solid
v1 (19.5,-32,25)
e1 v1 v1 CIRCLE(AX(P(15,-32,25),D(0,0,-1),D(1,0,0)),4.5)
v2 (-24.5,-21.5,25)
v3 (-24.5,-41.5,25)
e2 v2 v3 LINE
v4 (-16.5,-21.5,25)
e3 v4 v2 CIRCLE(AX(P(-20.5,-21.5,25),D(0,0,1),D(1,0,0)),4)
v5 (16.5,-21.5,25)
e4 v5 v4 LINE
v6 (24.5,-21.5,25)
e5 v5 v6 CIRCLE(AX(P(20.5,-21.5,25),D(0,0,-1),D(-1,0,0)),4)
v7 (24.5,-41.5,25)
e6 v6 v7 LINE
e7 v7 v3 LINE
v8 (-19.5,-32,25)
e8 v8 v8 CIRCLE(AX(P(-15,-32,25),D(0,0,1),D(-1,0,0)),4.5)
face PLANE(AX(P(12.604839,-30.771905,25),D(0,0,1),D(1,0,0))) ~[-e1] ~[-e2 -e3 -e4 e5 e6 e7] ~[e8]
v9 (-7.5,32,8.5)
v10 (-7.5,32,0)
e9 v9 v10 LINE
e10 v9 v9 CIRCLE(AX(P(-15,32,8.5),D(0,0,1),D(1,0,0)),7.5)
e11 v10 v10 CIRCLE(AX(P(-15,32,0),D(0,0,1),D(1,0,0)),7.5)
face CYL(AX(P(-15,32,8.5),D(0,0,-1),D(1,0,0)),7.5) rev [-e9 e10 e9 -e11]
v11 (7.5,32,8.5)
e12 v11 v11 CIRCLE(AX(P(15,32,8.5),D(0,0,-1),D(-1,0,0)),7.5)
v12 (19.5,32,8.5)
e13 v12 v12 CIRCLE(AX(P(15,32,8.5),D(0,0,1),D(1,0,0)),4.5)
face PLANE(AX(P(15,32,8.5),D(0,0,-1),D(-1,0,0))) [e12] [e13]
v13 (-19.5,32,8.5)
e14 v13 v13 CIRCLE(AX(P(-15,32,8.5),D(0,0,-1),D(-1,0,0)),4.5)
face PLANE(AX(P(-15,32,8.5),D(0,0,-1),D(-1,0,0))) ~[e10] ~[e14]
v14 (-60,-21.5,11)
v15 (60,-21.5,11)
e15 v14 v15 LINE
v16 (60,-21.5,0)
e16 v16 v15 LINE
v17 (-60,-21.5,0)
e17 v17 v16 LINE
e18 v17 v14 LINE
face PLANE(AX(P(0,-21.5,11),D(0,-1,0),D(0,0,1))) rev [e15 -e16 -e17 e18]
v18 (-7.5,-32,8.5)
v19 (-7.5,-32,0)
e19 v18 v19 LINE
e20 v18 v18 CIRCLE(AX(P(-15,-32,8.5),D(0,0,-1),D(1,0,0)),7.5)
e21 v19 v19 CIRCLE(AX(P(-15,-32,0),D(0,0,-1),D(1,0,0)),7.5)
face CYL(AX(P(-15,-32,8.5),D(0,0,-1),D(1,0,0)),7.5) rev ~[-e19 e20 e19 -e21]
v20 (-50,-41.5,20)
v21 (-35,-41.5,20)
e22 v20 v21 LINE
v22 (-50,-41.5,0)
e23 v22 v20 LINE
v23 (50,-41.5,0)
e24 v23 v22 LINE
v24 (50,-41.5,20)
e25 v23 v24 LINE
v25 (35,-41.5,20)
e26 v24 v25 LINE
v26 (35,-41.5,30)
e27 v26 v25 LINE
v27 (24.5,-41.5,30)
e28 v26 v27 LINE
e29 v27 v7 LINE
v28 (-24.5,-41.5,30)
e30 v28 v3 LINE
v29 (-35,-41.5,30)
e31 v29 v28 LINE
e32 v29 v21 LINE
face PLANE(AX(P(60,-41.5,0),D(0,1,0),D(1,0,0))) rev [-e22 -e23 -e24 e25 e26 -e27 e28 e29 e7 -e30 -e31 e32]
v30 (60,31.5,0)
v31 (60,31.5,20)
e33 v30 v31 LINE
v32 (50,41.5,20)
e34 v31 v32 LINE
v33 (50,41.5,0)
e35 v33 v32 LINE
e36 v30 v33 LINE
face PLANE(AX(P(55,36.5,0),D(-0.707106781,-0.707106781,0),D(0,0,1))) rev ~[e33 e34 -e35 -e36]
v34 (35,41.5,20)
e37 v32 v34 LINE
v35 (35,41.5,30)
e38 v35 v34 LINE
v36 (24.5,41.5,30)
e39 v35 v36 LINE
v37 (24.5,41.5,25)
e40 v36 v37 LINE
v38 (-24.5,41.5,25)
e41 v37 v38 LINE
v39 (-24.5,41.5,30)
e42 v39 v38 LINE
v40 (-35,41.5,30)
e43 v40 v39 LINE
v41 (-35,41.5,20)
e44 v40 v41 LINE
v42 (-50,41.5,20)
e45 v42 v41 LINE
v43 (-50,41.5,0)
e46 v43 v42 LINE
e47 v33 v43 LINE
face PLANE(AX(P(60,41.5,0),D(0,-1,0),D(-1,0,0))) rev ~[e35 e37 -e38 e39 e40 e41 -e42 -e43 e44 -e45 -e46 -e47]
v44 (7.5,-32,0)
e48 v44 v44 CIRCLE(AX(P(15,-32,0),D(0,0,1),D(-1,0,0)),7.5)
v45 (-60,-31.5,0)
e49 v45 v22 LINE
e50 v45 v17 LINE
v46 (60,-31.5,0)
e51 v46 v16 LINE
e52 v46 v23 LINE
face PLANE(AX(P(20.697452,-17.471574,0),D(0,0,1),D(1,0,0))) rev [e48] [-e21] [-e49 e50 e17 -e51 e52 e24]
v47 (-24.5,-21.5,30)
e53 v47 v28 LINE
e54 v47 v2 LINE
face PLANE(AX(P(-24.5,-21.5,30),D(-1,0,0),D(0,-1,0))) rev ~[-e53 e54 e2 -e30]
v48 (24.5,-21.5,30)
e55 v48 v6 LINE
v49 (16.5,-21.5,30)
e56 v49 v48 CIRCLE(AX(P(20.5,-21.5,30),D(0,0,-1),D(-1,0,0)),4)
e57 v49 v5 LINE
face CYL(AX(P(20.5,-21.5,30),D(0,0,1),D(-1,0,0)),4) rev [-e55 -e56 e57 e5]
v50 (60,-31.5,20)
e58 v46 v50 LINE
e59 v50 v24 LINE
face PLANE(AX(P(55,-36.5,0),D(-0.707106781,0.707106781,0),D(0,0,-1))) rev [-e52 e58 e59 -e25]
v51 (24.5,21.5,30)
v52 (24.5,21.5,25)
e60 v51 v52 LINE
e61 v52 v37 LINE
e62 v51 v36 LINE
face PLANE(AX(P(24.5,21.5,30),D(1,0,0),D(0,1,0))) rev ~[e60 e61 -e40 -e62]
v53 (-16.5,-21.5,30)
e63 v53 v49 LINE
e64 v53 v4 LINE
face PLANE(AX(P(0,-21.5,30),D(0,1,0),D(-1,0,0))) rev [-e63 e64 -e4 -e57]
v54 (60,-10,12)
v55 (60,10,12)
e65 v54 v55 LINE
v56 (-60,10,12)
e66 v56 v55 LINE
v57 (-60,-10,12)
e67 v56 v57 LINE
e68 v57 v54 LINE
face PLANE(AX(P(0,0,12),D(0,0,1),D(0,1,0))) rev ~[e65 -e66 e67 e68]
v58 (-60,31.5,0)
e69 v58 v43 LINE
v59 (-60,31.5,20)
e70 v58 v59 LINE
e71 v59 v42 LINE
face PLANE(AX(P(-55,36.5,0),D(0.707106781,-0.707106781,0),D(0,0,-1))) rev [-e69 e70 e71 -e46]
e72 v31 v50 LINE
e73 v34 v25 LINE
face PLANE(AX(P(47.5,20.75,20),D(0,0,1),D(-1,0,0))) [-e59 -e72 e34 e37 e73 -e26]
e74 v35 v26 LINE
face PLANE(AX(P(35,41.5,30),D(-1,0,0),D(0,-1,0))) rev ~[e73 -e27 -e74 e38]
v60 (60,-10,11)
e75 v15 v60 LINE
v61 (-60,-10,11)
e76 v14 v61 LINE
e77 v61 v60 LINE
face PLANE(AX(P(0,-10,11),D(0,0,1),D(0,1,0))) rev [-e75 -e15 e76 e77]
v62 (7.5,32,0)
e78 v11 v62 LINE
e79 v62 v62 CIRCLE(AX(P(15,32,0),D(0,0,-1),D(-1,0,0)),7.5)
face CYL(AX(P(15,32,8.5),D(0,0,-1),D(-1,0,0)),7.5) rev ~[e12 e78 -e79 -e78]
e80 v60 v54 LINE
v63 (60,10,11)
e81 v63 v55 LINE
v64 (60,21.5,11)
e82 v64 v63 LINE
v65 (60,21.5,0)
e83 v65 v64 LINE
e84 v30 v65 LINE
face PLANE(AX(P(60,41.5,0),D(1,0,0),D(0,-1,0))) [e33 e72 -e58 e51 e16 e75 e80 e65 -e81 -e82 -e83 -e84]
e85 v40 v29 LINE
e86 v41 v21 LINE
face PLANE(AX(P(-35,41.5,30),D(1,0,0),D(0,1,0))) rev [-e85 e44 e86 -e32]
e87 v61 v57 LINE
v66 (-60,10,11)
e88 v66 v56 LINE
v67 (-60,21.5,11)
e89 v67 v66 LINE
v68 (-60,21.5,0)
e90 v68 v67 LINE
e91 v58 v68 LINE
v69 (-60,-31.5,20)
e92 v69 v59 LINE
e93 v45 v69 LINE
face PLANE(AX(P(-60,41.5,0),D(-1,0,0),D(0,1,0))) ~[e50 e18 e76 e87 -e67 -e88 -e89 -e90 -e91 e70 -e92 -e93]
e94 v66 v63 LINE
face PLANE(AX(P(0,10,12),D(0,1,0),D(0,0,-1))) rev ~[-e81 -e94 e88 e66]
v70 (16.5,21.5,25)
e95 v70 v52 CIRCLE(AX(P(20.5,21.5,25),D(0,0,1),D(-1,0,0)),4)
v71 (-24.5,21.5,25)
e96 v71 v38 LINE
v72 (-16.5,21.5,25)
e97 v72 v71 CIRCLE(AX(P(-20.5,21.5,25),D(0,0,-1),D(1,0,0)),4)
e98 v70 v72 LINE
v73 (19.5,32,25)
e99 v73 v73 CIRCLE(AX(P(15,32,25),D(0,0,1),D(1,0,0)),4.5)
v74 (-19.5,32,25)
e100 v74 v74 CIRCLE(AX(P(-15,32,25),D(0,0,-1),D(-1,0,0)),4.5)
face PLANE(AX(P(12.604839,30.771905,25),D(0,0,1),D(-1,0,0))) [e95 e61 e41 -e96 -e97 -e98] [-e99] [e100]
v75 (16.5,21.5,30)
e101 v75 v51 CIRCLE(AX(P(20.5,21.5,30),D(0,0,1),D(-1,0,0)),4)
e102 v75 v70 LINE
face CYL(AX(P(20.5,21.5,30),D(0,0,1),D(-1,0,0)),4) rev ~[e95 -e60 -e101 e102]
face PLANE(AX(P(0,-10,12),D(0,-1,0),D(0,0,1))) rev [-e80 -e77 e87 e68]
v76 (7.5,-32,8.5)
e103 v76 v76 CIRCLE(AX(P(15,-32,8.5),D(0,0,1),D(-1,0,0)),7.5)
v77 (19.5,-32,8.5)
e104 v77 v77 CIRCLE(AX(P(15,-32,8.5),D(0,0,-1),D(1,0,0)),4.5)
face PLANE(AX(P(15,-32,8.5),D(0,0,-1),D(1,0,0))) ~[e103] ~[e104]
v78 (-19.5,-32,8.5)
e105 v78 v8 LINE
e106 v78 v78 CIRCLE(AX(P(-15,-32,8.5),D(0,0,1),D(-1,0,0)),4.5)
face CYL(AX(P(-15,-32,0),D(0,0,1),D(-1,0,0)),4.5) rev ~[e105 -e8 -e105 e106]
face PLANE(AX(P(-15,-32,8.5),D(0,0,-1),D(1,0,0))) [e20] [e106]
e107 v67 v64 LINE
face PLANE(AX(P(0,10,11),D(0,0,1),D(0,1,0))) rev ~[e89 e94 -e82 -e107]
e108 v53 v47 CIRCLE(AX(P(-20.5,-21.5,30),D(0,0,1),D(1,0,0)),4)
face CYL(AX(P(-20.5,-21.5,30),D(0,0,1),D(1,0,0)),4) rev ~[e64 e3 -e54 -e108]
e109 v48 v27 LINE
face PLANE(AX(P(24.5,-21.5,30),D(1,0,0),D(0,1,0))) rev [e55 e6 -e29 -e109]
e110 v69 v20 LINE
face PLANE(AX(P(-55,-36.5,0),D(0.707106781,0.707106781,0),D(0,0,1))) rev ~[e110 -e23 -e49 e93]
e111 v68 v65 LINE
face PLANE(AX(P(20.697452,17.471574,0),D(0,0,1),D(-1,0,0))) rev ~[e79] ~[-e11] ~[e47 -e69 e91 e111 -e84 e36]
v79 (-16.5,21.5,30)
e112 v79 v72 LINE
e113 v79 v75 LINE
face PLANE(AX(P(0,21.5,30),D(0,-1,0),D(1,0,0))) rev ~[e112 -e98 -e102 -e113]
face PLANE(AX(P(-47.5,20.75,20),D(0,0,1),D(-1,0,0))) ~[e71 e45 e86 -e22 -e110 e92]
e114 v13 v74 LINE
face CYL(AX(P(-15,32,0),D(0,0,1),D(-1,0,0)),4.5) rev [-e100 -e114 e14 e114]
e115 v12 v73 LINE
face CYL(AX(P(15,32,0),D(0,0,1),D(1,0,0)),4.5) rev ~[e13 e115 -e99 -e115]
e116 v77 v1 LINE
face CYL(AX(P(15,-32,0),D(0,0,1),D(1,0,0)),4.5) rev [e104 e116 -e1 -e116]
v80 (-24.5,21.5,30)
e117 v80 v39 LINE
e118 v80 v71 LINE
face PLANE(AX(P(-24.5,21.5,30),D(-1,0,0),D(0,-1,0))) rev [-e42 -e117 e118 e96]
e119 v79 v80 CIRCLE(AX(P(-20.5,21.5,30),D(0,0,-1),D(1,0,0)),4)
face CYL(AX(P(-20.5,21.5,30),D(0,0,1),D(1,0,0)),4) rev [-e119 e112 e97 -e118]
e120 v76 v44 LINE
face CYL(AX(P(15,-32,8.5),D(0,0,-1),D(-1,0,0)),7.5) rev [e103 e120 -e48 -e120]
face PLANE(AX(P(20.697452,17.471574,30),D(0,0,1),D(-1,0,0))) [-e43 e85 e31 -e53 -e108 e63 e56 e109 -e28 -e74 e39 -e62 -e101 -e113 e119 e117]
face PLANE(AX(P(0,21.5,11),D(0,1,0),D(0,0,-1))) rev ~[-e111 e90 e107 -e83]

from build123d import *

# Parameters (mm, degrees)
F0_W            = 25
F0_H            = 41.5
F1_DEPTH        = 30
F2_W            = 25
F2_H            = 41.5
F3_DEPTH        = 10
F4_SIZE         = 10
F6_DEPTH        = 5
F8_DEPTH        = 60.001
F10_D           = 9
F10_CBORE_D     = 15
F10_CBORE_DEPTH = 8.5


with BuildPart() as f1:
    # F0 (on Top) → F1 (new body)
    with BuildSketch(Plane.XY):
        with BuildLine():
            Line((0, -21.5), (0, 0))
            Line((0, 0), (-35, 0))
            Line((-35, 0), (-35, -41.5))
            Line((-35, -41.5), (-24.5, -41.5))
            Line((-24.5, -41.5), (-24.5, -21.5))
            ThreePointArc((-24.5, -21.5), (-20.5, -17.5), (-16.5, -21.5))
            Line((-16.5, -21.5), (0, -21.5))
        make_face()
        with Locations((-47.5, -20.75)):
            Rectangle(F0_W, F0_H)
        with BuildLine():
            Line((0, -41.5), (0, -21.5))
            Line((0, -21.5), (-16.5, -21.5))
            ThreePointArc((-16.5, -21.5), (-20.5, -17.5), (-24.5, -21.5))
            Line((-24.5, -21.5), (-24.5, -41.5))
            Line((-24.5, -41.5), (0, -41.5))
        make_face()
    extrude(amount=F1_DEPTH)

    # F2 (on face) → F3 (cut)
    with BuildSketch(Plane.XY.offset(30)):
        with Locations((-47.5, -20.75)):
            Rectangle(F2_W, F2_H)
    extrude(amount=-F3_DEPTH, mode=Mode.SUBTRACT)

    # F4
    f4_edges = [f1.edges().sort_by_distance(p)[0] for p in [
        (-60, -41.5, 10),
    ]]
    chamfer(f4_edges, length=F4_SIZE)

    # F5 (on face) → F6 (cut)
    with BuildSketch(Plane.XY.offset(30)):
        with BuildLine():
            Line((0, -21.5), (-16.5, -21.5))
            ThreePointArc((-16.5, -21.5), (-20.5, -17.5), (-24.5, -21.5))
            Line((-24.5, -21.5), (-24.5, -41.5))
            Line((-24.5, -41.5), (0, -41.5))
            Line((0, -41.5), (0, -21.5))
        make_face()
    extrude(amount=-F6_DEPTH, mode=Mode.SUBTRACT)

    # F7 (on Right) → F8 (cut, through all)
    with BuildSketch(Plane.YZ):
        Polygon((0, 0), (0, 12), (-10, 12), (-10, 11), (-21.5, 11), (-21.5, 0), align=None)
    extrude(amount=-F8_DEPTH, mode=Mode.SUBTRACT)

    # F10 (through all)
    with Locations(Plane(origin=(0, 0, 0), x_dir=(1, 0, 0), z_dir=(0, 0, -1))):
        with Locations((-15, 32)):
            CounterBoreHole(F10_D / 2, F10_CBORE_D / 2, F10_CBORE_DEPTH)

    # F11: F1 across plane


with BuildPart() as f1_1:
    add(f1.part)
    add(f1.part.mirror(Plane.YZ))

    # F12: F1 across plane


with BuildPart() as f1_2:
    add(f1_1.part)
    add(f1_1.part.mirror(Plane.XZ))


solid = f1_2.part
